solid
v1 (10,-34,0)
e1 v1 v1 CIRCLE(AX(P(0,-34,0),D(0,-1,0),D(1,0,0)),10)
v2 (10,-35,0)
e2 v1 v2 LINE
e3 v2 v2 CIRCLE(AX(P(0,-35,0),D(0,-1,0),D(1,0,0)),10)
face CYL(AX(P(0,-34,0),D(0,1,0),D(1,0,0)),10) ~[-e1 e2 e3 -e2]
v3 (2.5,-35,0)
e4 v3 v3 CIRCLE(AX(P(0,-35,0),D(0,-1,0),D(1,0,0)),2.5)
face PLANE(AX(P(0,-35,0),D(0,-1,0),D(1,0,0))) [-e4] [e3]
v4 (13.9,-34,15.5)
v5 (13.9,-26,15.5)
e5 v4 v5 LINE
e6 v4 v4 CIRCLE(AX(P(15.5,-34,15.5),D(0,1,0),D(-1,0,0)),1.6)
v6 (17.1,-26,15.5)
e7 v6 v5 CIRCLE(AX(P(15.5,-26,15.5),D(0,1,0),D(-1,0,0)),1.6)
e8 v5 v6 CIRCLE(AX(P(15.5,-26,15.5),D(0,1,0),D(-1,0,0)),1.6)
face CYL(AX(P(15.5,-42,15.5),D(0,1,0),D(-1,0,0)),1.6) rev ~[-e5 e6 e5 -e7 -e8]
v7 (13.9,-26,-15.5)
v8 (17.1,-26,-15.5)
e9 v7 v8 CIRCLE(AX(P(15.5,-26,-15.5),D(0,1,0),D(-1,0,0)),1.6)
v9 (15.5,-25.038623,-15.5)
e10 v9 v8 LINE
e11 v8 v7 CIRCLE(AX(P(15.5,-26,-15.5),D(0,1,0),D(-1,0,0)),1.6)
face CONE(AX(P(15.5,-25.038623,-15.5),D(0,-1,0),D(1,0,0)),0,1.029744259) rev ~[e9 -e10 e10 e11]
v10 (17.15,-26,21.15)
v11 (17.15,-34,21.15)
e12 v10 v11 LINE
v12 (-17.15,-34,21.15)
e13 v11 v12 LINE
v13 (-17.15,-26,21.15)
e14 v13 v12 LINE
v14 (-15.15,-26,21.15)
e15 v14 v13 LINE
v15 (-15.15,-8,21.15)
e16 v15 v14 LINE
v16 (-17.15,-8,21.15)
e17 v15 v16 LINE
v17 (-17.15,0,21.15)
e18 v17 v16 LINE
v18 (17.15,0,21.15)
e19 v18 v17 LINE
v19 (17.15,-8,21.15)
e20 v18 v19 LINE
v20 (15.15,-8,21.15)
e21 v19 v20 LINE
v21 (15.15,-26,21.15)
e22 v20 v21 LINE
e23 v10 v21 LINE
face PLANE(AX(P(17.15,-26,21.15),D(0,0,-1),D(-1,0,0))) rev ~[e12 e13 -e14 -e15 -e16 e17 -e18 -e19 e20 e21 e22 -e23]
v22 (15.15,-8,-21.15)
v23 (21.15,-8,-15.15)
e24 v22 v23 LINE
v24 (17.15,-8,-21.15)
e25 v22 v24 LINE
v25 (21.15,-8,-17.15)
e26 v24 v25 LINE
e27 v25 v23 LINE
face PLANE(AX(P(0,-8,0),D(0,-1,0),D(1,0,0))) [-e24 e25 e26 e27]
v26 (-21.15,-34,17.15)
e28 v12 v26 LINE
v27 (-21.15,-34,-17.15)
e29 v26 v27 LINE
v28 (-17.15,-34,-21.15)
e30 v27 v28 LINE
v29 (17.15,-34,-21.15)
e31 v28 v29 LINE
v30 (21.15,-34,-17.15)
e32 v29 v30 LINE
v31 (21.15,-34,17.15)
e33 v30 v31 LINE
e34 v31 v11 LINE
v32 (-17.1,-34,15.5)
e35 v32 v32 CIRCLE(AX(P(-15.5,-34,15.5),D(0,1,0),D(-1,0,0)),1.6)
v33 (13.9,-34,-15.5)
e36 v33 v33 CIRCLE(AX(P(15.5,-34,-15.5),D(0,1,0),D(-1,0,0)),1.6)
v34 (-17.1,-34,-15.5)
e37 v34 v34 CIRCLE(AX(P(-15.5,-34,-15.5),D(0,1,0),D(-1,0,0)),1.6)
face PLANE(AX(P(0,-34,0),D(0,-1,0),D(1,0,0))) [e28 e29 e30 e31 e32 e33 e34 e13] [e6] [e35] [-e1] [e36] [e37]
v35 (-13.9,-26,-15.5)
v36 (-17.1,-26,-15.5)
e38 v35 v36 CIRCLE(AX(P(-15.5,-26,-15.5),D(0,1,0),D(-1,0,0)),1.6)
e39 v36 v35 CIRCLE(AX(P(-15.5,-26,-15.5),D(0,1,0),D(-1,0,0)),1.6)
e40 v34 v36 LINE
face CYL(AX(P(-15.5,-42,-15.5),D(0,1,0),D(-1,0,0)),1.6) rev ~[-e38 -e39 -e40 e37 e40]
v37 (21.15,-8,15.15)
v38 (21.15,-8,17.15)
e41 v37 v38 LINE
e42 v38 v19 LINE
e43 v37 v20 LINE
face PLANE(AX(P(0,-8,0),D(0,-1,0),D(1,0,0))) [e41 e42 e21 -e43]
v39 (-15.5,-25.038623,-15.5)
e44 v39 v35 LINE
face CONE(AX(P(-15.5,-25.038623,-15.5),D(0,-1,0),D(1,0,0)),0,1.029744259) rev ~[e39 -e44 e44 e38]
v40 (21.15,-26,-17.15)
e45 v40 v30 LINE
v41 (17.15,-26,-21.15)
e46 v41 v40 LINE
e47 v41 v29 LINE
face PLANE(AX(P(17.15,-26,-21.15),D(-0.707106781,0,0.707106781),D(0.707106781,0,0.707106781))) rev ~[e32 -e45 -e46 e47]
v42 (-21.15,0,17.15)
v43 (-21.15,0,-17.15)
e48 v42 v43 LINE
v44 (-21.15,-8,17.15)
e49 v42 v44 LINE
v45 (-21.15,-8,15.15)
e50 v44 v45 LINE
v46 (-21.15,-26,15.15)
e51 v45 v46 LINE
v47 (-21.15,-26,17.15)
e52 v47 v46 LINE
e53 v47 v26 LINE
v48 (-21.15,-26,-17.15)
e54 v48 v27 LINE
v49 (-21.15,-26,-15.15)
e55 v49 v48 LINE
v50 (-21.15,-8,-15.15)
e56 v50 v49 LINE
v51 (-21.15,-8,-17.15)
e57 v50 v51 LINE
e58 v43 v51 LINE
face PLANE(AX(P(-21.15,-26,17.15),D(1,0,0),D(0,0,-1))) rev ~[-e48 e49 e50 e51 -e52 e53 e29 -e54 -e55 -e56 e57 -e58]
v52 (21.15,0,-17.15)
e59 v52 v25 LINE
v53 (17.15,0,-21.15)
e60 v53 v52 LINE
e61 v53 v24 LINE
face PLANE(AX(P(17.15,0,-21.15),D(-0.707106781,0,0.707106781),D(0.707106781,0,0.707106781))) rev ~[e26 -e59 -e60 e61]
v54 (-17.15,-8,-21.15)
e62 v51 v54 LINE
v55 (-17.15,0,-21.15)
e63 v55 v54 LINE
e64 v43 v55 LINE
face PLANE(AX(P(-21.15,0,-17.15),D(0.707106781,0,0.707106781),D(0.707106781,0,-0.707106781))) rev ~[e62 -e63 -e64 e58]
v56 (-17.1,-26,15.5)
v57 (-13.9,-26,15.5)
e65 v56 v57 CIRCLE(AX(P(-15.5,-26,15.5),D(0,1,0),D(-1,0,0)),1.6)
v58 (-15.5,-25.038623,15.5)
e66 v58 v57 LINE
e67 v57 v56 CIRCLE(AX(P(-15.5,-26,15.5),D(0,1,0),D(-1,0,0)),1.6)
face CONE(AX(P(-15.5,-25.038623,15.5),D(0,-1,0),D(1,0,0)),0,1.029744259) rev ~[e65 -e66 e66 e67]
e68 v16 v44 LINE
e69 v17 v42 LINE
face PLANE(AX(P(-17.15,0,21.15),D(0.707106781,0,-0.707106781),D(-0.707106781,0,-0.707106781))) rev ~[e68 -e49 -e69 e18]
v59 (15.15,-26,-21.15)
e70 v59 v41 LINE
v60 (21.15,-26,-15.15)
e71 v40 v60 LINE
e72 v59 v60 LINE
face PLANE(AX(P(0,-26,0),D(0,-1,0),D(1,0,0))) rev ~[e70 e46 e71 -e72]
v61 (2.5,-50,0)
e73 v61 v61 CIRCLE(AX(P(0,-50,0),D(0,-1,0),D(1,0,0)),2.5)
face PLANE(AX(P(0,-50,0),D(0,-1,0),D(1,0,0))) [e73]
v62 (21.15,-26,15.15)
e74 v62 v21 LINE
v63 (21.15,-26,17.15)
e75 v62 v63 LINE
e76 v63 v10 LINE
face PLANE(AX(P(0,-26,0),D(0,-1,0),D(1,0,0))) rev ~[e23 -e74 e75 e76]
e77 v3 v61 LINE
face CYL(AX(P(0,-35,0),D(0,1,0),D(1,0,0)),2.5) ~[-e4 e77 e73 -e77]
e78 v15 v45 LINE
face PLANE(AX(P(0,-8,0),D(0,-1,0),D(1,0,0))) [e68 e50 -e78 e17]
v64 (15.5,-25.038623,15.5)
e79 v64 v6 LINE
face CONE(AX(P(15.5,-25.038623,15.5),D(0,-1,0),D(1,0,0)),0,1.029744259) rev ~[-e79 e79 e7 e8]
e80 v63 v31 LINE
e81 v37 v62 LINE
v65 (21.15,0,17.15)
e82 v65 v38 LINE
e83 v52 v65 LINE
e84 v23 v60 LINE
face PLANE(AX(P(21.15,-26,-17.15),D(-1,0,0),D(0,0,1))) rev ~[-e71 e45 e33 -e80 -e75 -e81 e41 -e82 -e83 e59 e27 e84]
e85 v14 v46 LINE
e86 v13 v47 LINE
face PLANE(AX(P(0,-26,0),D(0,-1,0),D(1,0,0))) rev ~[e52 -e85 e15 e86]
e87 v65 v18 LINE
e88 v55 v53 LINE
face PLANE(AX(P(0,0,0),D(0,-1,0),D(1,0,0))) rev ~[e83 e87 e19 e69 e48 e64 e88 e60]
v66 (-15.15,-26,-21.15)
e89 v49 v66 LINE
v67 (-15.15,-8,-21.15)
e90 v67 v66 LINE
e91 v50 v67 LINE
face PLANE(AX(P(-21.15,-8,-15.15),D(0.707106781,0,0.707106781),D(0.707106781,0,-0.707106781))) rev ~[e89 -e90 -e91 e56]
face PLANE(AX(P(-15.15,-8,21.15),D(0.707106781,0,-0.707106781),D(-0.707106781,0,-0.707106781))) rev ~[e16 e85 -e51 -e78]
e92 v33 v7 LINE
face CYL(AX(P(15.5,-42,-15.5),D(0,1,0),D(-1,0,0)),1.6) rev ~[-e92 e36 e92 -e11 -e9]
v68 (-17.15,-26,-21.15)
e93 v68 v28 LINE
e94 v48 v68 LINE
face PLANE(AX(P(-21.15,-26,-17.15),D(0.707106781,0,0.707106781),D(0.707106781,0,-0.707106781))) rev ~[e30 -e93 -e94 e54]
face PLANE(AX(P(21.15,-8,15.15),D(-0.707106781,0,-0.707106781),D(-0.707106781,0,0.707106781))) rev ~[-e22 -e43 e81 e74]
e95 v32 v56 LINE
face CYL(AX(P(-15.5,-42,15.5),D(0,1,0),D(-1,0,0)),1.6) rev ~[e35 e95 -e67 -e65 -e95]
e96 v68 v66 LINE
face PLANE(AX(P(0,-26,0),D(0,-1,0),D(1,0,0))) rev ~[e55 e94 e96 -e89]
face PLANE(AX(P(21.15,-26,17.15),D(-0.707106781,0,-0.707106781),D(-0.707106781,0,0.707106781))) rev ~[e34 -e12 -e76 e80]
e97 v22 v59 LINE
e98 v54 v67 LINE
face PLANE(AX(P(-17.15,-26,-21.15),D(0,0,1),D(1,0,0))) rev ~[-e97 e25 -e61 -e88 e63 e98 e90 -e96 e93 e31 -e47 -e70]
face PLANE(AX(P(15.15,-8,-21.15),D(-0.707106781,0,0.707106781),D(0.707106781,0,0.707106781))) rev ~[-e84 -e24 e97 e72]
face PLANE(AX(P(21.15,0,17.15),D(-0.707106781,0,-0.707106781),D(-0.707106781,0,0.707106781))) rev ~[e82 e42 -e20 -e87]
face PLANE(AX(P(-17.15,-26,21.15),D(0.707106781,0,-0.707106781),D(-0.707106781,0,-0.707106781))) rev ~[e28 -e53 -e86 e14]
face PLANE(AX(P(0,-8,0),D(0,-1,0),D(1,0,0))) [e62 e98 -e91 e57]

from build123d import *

# Parameters (mm, degrees)
F1_DEPTH  = 8
F3_DEPTH  = 18
F5_DEPTH  = 8
F6_R      = 10
F7_DEPTH  = 1
F9_D      = 3.2
F9_DEPTH  = 8
F9_TIP    = 0.9613769904
F10_R     = 2.5
F11_DEPTH = 15


with BuildPart() as f1:
    # F0 (on Front) → F1 (new body)
    with BuildSketch(Plane.XZ):
        Polygon((-21.15, -17.15), (-17.15, -21.15), (17.15, -21.15), (21.15, -17.15), (21.15, 17.15), (17.15, 21.15), (-17.15, 21.15), (-21.15, 17.15), align=None)
    extrude(amount=F1_DEPTH)

    # F2 (on face) → F3 (join)
    with BuildSketch(Plane.XZ.offset(8)):
        Polygon((-21.15, 15.15), (-21.15, -15.15), (-15.15, -21.15), (15.15, -21.15), (21.15, -15.15), (21.15, 15.15), (15.15, 21.15), (-15.15, 21.15), align=None)
    extrude(amount=F3_DEPTH)

    # F4 (on face) → F5 (join)
    with BuildSketch(Plane.XZ.offset(26)):
        Polygon((-21.15, 17.15), (-21.15, -17.15), (-17.15, -21.15), (17.15, -21.15), (21.15, -17.15), (21.15, 17.15), (17.15, 21.15), (-17.15, 21.15), align=None)
    extrude(amount=F5_DEPTH)

    # F6 (on face) → F7 (join)
    with BuildSketch(Plane.XZ.offset(34)):
        Circle(F6_R)
    extrude(amount=F7_DEPTH)

    # F9
    with Locations(Plane.XZ.offset(34)):
        with Locations((-15.5, 15.5), (15.5, 15.5), (15.5, -15.5), (-15.5, -15.5)):
            Hole(F9_D / 2, depth=F9_DEPTH)
            with Locations((0, 0, -(F9_DEPTH + F9_TIP / 2))):  # 118° drill point
                Cone(0, F9_D / 2, F9_TIP, mode=Mode.SUBTRACT)

    # F10 (on face) → F11 (join)
    with BuildSketch(Plane.XZ.offset(35)):
        Circle(F10_R)
    extrude(amount=F11_DEPTH)


solid = f1.part
